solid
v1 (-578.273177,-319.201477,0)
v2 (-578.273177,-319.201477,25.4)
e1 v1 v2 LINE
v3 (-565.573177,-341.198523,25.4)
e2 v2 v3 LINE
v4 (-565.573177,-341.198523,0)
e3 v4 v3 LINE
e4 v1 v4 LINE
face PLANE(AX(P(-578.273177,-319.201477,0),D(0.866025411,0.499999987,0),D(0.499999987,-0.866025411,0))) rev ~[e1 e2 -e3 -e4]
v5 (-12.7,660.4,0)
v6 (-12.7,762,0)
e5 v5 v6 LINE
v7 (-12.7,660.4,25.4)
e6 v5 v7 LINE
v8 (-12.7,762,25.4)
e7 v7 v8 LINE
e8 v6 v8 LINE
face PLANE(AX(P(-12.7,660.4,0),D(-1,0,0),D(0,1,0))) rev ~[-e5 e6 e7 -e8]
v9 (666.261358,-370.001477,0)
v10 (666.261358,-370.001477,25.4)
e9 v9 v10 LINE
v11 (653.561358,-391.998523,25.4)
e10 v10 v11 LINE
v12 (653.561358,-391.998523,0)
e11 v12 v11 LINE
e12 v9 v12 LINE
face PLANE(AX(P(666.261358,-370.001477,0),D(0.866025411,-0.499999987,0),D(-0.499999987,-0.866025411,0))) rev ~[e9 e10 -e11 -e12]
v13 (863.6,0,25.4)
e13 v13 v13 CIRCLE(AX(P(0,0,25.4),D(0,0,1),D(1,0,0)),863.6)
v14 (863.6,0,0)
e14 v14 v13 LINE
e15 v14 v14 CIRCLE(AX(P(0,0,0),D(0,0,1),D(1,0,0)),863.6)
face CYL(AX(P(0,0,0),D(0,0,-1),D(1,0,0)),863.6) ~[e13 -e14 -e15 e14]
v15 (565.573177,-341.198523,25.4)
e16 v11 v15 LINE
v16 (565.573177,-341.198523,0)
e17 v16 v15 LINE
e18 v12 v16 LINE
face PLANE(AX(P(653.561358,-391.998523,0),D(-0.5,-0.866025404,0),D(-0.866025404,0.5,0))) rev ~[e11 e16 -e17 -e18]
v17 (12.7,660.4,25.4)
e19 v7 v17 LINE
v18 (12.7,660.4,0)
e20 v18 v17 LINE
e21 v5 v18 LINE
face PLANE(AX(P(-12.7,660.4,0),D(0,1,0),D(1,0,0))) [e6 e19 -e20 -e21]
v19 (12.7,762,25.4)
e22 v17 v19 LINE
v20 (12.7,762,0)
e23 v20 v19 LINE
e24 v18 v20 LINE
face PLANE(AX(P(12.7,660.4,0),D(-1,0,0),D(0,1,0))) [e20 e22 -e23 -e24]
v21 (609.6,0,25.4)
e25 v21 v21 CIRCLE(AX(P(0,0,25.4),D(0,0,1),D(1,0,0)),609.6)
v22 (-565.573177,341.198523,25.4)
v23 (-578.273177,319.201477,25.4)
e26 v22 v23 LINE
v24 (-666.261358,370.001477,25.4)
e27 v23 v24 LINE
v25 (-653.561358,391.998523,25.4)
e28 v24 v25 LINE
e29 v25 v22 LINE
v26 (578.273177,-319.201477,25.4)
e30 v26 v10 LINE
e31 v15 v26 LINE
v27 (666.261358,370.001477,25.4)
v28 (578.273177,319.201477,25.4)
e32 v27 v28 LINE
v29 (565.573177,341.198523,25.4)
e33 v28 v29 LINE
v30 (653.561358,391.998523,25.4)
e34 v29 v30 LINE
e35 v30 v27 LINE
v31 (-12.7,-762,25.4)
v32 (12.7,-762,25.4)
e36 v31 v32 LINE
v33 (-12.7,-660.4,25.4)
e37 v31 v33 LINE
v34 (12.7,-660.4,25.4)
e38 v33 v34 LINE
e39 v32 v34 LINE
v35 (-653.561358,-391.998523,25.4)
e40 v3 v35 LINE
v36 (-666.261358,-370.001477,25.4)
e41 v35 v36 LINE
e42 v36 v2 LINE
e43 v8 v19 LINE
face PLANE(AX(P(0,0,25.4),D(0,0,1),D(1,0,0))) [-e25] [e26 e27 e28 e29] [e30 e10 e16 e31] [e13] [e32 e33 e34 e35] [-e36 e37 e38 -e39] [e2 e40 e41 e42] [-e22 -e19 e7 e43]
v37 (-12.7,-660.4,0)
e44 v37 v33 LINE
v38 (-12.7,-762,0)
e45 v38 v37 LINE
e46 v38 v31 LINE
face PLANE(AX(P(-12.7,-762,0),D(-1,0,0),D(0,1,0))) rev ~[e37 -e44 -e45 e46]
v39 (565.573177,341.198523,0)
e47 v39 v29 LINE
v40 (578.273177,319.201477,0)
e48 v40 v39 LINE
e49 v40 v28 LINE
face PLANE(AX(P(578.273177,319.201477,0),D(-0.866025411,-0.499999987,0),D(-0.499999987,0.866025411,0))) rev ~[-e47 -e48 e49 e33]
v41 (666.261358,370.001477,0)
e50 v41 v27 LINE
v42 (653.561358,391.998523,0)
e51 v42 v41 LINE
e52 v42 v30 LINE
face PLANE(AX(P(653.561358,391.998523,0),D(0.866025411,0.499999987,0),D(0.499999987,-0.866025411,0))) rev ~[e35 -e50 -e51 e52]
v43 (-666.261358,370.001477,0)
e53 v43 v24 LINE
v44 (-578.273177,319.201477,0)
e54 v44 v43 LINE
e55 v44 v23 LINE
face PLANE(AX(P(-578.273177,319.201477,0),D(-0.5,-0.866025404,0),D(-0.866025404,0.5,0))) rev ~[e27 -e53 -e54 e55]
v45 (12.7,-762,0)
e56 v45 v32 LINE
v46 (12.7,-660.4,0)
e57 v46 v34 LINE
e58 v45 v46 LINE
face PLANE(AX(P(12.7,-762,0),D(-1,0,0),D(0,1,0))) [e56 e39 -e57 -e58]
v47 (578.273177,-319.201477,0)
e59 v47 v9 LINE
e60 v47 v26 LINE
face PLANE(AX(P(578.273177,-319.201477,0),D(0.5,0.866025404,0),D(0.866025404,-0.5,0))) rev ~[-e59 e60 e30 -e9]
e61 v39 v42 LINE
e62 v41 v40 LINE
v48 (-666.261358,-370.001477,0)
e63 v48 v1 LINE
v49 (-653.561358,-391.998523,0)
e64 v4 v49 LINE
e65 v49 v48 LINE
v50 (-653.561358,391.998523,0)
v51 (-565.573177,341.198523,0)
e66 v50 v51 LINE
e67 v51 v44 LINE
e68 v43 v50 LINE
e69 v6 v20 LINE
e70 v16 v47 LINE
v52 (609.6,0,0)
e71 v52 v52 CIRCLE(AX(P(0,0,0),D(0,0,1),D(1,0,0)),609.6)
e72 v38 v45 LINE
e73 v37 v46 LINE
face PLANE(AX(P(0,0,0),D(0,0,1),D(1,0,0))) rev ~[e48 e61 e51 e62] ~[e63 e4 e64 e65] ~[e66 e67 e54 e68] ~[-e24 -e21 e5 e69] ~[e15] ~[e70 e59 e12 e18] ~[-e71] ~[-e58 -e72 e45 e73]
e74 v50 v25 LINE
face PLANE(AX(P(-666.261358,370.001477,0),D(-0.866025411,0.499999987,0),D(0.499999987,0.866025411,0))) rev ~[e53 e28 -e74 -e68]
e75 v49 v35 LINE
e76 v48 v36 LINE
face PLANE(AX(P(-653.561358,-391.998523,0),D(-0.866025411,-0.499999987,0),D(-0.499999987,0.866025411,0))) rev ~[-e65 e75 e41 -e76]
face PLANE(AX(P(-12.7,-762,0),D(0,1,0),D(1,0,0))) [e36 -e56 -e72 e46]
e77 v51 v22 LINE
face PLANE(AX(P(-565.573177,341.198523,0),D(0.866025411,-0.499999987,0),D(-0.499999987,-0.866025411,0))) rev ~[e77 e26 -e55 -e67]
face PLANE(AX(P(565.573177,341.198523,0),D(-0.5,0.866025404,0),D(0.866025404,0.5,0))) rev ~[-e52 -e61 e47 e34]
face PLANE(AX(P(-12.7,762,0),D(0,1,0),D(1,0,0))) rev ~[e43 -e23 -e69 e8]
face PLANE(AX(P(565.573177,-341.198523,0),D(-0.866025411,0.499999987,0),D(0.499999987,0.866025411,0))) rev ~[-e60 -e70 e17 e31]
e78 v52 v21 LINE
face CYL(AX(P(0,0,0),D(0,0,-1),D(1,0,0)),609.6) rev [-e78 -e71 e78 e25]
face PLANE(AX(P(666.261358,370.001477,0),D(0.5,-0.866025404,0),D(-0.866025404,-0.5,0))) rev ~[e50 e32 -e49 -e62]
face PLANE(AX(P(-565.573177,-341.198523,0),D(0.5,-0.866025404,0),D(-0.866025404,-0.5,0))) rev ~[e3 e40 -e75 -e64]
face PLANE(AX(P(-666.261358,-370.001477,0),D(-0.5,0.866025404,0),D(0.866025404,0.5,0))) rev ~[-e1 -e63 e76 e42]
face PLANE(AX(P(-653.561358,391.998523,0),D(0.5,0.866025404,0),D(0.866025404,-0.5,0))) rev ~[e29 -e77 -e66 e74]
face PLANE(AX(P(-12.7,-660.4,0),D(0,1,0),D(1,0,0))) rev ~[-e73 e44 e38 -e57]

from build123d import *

# Parameters (mm, degrees)
F0_R     = 863.6
F0_W     = 25.4
F0_H     = 101.6
F0_R_2   = 609.6
F1_DEPTH = 25.4


with BuildPart() as f1:
    # F0 (on Top) → F1 (new body)
    with BuildSketch(Plane.XY):
        Circle(F0_R)
        Polygon((-653.561358, -391.998523), (-666.261358, -370.001477), (-578.273177, -319.201477), (-565.573177, -341.198523), align=None, mode=Mode.SUBTRACT)
        with Locations((0, -711.2)):
            Rectangle(F0_W, F0_H, mode=Mode.SUBTRACT)
        Polygon((666.261358, -370.001477), (653.561358, -391.998523), (565.573177, -341.198523), (578.273177, -319.201477), align=None, mode=Mode.SUBTRACT)
        Polygon((-666.261358, 370.001477), (-653.561358, 391.998523), (-565.573177, 341.198523), (-578.273177, 319.201477), align=None, mode=Mode.SUBTRACT)
        Circle(F0_R_2, mode=Mode.SUBTRACT)
        Polygon((653.561358, 391.998523), (666.261358, 370.001477), (578.273177, 319.201477), (565.573177, 341.198523), align=None, mode=Mode.SUBTRACT)
        with Locations((0, 711.2)):
            Rectangle(F0_W, F0_H, mode=Mode.SUBTRACT)
    extrude(amount=F1_DEPTH)


solid = f1.part
